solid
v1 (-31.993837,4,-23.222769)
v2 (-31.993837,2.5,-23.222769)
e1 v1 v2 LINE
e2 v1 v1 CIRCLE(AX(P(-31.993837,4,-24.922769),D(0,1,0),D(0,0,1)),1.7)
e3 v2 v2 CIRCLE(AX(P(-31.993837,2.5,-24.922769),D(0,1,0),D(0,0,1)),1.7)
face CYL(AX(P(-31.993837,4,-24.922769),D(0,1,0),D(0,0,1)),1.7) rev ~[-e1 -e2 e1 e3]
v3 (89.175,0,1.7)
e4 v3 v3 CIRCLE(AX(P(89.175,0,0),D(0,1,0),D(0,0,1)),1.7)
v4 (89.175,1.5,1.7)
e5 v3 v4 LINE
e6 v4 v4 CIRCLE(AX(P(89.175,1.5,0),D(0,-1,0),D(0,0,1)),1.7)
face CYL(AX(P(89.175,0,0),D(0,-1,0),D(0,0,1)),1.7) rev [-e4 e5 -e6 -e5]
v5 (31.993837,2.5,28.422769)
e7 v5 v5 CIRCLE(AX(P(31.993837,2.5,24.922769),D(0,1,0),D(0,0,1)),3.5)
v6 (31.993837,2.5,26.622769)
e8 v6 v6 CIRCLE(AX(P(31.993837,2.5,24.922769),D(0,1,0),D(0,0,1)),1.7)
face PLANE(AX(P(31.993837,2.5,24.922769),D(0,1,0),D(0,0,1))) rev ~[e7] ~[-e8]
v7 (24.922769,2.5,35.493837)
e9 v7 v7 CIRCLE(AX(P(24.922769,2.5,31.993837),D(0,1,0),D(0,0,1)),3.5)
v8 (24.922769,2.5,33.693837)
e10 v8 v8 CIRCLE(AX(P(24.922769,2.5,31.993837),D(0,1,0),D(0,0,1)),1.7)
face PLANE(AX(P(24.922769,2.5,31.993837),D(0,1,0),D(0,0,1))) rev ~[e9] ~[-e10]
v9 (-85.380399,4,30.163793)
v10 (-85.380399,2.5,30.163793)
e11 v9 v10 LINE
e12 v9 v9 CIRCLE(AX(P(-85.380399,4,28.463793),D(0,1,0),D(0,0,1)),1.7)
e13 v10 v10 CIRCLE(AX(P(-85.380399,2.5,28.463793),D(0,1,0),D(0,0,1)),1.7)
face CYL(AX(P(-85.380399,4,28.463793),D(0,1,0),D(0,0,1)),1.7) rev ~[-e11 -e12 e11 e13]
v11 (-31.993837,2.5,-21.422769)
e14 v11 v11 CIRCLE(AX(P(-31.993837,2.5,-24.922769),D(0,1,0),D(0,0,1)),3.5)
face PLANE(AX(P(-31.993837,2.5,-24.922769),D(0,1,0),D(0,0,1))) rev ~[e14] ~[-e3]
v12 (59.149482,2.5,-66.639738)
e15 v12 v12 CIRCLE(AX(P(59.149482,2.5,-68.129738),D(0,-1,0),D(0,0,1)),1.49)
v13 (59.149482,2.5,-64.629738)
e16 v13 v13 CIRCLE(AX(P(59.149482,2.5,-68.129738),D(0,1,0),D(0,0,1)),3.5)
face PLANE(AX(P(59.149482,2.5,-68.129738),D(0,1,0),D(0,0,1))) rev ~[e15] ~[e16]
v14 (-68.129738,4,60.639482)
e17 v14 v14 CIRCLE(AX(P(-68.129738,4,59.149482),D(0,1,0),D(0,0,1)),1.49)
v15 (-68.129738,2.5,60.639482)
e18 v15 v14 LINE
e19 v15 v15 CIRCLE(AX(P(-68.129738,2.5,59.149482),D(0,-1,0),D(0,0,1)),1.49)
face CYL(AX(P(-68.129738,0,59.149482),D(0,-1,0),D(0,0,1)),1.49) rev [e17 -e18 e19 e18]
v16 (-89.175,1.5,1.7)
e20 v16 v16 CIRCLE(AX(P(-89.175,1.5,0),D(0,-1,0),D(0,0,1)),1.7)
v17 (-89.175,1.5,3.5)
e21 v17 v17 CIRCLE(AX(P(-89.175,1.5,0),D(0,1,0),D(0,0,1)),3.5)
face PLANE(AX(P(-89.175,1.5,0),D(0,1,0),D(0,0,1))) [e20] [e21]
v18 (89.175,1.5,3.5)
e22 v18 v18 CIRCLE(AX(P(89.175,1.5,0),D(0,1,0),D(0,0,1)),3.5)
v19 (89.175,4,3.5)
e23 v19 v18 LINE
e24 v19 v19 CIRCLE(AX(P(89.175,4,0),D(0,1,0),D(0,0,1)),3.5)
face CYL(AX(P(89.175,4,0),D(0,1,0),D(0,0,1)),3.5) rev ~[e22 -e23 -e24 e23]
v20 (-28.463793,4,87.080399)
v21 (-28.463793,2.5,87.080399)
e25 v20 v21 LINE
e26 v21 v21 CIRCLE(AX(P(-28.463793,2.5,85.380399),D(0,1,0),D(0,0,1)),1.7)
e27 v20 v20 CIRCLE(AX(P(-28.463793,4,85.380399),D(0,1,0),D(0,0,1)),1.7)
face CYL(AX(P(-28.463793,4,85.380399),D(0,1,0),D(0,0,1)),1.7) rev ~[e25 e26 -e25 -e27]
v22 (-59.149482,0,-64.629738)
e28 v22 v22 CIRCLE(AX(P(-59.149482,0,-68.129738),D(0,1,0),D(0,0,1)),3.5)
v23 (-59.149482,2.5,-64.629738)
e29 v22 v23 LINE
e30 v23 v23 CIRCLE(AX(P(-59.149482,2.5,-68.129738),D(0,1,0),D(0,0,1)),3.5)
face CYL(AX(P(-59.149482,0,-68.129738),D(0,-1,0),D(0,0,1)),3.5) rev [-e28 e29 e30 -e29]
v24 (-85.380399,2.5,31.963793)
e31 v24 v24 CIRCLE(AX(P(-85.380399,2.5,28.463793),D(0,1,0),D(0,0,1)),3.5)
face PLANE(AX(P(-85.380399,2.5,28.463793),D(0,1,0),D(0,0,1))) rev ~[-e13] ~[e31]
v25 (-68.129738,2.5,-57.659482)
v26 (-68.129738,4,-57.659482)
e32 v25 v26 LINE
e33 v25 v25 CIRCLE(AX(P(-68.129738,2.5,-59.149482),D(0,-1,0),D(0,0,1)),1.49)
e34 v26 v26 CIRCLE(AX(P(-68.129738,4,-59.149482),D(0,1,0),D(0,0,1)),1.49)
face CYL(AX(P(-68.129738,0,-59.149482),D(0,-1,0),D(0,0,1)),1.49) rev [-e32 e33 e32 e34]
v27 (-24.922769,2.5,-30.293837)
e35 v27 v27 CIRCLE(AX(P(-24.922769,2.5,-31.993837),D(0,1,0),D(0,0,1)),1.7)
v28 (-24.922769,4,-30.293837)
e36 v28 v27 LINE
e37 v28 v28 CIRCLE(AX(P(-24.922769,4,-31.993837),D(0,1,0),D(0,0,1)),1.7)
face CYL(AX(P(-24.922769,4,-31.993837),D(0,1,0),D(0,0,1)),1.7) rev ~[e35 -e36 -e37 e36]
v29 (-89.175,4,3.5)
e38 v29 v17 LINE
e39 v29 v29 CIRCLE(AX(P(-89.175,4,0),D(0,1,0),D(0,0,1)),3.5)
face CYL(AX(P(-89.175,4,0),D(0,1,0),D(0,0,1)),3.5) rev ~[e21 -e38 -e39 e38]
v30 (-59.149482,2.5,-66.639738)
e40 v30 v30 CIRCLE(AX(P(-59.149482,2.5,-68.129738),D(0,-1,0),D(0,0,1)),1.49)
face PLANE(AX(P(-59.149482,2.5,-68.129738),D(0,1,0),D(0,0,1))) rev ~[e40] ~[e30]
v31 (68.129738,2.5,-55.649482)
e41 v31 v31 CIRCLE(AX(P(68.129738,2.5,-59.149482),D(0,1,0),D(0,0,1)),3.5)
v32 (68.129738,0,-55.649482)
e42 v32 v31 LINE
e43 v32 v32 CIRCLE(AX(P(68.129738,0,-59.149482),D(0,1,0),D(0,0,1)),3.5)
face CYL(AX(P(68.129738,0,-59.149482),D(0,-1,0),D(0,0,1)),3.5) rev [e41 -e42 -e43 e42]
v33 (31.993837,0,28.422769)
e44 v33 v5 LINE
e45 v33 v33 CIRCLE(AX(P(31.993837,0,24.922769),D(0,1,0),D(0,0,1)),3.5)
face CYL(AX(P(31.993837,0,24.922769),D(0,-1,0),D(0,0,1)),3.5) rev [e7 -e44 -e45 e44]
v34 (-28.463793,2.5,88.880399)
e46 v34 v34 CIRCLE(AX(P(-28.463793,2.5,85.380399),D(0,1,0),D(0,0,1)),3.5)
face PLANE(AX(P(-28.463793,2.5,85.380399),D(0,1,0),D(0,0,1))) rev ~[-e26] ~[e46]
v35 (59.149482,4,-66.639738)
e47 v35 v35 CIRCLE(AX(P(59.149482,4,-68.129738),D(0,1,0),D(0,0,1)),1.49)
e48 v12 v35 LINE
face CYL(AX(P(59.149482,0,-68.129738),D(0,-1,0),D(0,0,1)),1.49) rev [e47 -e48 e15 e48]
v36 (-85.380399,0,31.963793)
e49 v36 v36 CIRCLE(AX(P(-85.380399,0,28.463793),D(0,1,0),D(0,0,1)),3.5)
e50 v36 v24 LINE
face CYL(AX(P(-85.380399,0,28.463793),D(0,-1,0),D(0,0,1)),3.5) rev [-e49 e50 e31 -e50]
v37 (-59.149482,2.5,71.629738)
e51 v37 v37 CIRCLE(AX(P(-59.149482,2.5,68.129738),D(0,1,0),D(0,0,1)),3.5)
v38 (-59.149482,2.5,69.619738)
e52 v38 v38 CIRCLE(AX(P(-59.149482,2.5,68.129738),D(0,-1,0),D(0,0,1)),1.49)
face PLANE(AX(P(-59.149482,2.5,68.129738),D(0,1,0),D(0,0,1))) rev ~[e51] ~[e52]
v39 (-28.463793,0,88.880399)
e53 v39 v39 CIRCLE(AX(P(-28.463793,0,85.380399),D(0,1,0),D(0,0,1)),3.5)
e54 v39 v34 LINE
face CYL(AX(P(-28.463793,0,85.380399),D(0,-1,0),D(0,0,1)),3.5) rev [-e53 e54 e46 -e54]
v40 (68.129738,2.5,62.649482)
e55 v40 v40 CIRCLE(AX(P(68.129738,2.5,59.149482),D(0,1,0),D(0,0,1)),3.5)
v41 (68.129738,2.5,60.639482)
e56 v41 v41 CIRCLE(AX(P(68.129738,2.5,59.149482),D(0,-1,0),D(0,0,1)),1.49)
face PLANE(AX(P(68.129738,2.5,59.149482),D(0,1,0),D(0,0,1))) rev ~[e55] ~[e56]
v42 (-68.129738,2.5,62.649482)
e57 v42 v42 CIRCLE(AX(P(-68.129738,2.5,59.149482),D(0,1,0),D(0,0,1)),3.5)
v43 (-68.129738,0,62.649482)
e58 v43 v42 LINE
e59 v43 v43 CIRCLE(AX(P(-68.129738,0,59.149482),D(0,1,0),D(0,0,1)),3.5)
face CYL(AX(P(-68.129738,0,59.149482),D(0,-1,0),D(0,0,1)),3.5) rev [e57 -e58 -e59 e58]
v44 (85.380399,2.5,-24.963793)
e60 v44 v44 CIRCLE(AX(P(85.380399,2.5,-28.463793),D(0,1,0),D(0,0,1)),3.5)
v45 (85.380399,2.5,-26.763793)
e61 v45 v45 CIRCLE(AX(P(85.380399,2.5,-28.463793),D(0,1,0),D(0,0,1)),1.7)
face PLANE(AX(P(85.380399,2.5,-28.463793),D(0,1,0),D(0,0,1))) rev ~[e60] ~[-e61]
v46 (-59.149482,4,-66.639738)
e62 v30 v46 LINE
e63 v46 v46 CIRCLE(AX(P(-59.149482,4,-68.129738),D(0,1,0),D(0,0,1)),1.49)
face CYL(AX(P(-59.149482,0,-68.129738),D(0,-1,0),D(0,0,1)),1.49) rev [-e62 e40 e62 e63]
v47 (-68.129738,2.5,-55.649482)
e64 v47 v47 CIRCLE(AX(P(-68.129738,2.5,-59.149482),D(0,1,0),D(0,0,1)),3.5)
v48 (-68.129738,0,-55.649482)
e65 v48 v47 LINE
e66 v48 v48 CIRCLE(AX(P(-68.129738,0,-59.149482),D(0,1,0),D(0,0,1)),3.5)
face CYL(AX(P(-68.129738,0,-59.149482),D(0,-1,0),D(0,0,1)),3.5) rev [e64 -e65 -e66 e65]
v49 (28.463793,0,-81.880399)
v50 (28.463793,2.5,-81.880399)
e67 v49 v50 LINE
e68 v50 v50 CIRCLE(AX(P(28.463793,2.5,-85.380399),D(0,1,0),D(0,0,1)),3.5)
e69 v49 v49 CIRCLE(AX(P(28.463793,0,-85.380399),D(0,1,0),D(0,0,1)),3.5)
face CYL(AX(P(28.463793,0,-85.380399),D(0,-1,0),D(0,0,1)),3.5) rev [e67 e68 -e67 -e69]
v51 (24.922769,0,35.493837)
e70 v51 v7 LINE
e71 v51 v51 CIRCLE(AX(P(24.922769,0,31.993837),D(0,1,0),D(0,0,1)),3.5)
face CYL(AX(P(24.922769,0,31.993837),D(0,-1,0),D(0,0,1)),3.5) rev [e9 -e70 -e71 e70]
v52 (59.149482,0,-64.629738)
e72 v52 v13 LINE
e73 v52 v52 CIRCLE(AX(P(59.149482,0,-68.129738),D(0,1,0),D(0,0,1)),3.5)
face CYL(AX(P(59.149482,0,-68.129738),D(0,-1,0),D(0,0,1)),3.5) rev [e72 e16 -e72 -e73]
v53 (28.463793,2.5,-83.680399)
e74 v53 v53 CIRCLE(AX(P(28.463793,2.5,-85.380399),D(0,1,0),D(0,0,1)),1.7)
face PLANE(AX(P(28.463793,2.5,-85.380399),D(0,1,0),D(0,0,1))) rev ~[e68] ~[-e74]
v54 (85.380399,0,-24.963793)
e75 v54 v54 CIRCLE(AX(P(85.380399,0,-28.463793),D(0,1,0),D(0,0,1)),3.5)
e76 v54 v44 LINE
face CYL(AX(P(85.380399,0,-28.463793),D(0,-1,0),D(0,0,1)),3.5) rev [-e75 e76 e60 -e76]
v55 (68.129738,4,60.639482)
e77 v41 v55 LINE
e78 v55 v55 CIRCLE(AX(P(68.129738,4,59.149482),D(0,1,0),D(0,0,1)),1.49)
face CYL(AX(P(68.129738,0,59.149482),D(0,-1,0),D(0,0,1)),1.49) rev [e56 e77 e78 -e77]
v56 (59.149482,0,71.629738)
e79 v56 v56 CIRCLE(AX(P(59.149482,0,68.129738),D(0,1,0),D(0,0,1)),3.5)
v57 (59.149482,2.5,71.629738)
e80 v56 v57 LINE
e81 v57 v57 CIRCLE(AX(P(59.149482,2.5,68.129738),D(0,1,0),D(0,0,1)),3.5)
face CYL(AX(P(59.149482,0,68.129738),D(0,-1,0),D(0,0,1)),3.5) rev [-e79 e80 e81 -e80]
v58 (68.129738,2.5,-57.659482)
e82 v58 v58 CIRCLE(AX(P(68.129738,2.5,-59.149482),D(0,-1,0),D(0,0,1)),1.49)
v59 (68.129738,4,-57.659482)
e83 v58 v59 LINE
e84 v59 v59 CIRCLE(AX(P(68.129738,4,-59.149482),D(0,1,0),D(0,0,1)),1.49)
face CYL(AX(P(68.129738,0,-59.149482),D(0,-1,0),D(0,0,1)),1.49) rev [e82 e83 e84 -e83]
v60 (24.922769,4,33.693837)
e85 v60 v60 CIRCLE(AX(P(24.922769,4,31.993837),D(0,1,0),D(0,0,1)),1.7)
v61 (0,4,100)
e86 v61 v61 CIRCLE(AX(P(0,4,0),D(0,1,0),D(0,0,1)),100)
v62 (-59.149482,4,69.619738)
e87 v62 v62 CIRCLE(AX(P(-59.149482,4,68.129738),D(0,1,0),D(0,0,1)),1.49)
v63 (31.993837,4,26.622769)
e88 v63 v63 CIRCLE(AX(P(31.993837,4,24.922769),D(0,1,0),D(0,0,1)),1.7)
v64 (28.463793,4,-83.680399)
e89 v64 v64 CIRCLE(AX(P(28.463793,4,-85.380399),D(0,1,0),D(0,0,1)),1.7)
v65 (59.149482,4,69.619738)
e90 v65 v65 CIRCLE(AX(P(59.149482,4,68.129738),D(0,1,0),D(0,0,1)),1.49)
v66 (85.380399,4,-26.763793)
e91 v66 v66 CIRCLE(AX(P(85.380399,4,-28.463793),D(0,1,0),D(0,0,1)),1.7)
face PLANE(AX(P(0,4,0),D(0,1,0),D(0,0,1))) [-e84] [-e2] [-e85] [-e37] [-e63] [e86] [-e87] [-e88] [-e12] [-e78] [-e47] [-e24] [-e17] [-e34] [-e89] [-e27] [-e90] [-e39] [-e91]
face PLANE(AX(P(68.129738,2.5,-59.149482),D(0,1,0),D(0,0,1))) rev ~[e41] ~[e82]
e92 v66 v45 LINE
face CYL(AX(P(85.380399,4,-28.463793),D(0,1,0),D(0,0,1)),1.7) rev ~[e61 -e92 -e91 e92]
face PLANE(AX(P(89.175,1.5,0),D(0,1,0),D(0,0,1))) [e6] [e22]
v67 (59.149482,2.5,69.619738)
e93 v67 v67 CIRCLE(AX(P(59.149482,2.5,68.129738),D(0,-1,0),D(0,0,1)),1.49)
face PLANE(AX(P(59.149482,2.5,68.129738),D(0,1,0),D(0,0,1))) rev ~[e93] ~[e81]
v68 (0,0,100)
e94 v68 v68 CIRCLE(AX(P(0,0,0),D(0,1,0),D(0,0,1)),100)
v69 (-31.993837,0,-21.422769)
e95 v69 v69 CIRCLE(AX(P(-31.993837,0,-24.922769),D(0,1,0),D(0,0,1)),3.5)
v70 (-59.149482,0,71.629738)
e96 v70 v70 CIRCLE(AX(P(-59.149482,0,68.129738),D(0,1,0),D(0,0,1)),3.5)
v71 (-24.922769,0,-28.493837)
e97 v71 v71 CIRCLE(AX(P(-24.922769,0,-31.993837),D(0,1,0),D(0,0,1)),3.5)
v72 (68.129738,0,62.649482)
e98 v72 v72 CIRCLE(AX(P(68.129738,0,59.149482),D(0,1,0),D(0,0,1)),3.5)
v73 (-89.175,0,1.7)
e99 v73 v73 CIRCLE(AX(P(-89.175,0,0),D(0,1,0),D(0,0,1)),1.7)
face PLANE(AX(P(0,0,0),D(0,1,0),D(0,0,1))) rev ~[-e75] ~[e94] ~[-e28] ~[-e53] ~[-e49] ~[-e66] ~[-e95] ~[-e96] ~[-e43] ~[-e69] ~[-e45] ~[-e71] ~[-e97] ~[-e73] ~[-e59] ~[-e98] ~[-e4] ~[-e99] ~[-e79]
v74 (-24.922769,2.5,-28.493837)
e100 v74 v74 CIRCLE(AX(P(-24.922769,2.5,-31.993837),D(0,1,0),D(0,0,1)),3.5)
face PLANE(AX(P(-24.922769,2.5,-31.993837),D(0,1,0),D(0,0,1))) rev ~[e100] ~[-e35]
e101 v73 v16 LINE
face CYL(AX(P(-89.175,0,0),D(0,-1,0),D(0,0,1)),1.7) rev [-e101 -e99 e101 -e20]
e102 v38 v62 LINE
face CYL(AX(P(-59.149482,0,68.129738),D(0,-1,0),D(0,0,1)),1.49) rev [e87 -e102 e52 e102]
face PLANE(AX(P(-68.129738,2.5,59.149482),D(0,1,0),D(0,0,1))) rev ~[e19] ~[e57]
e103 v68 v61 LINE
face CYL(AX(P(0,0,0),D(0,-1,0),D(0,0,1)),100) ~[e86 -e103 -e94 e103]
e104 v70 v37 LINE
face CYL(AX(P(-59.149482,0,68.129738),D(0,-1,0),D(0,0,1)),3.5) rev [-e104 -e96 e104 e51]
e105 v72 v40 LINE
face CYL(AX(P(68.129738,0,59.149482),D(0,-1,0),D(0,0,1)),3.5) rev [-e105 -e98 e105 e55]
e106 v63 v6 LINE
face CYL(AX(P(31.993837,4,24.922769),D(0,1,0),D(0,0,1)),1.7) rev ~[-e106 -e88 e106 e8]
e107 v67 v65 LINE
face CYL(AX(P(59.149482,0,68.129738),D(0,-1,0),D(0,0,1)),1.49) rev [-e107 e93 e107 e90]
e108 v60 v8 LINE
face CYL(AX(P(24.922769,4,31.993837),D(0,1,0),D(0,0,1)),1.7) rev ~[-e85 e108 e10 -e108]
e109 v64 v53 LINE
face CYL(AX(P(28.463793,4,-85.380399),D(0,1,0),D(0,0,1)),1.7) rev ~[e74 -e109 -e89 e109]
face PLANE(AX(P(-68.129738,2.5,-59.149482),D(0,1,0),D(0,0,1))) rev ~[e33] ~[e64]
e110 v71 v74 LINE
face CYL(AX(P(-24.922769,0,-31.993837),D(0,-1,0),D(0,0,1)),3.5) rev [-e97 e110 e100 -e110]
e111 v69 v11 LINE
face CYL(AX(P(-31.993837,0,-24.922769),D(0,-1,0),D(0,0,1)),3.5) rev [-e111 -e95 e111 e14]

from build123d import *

# Parameters (mm, degrees)
SKETCH2_R           = 100
SKETCH2_R_2         = 1.49
SKETCH2_R_3         = 1.7
BOSS_EXTRUDE1_DEPTH = 4
SKETCH3_R           = 1.7
CUT_EXTRUDE1_DEPTH  = 10
CUT_EXTRUDE2_START  = -4
SKETCH4_R           = 3.5
CUT_EXTRUDE2_DEPTH  = 2.5
SKETCH5_R           = 3.5
CUT_EXTRUDE3_DEPTH  = 2.5


with BuildPart() as part:
    # Sketch2 → Boss-Extrude1 (new body)
    with BuildSketch(Plane(origin=(0, 0, 0), x_dir=(1, 0, 0), z_dir=(0, 1, 0))):
        with Locations(Location((0, 0, 0), (0, 0, 270))):
            Circle(SKETCH2_R)
        with Locations(Location((59.149482246, -68.129738367, 0), (0, 0, 270))):
            Circle(SKETCH2_R_2, mode=Mode.SUBTRACT)
        with Locations(Location((68.129738367, -59.149482246, 0), (0, 0, 270))):
            Circle(SKETCH2_R_2, mode=Mode.SUBTRACT)
        with Locations(Location((-59.149482246, 68.129738367, 0), (0, 0, 270))):
            Circle(SKETCH2_R_2, mode=Mode.SUBTRACT)
        with Locations(Location((-68.129738367, 59.149482246, 0), (0, 0, 270))):
            Circle(SKETCH2_R_2, mode=Mode.SUBTRACT)
        with Locations(Location((-59.149482246, -68.129738367, 0), (0, 0, 270))):
            Circle(SKETCH2_R_2, mode=Mode.SUBTRACT)
        with Locations(Location((-68.129738367, -59.149482246, 0), (0, 0, 270))):
            Circle(SKETCH2_R_2, mode=Mode.SUBTRACT)
        with Locations(Location((68.129738367, 59.149482246, 0), (0, 0, 270))):
            Circle(SKETCH2_R_2, mode=Mode.SUBTRACT)
        with Locations(Location((59.149482246, 68.129738367, 0), (0, 0, 270))):
            Circle(SKETCH2_R_2, mode=Mode.SUBTRACT)
        with Locations(Location((-89.175, 0, 0), (0, 0, 270))):
            Circle(SKETCH2_R_3, mode=Mode.SUBTRACT)
        with Locations(Location((89.175, 0, 0), (0, 0, 270))):
            Circle(SKETCH2_R_3, mode=Mode.SUBTRACT)
    extrude(amount=BOSS_EXTRUDE1_DEPTH)

    # Sketch3 → Cut-Extrude1 (cut)
    with BuildSketch(Plane(origin=(0, 4, 0), x_dir=(1, 0, 0), z_dir=(0, 1, 0))):
        with Locations(Location((-31.993836737, 24.922768925, 0), (0, 0, 270))):
            Circle(SKETCH3_R)
        with Locations(Location((-85.380398716, -28.463793055, 0), (0, 0, 270))):
            Circle(SKETCH3_R)
        with Locations(Location((28.463793055, 85.380398716, 0), (0, 0, 270))):
            Circle(SKETCH3_R)
        with Locations(Location((-24.922768925, 31.993836737, 0), (0, 0, 270))):
            Circle(SKETCH3_R)
        with Locations(Location((31.993836737, -24.922768925, 0), (0, 0, 270))):
            Circle(SKETCH3_R)
        with Locations(Location((85.380398716, 28.463793055, 0), (0, 0, 270))):
            Circle(SKETCH3_R)
        with Locations(Location((24.922768925, -31.993836737, 0), (0, 0, 270))):
            Circle(SKETCH3_R)
        with Locations(Location((-28.463793055, -85.380398716, 0), (0, 0, 270))):
            Circle(SKETCH3_R)
    extrude(amount=-CUT_EXTRUDE1_DEPTH, mode=Mode.SUBTRACT)

    # Sketch4 → Cut-Extrude2 (cut)
    with BuildSketch(Plane(origin=(0, 4, 0), x_dir=(1, 0, 0), z_dir=(0, 1, 0)).offset(CUT_EXTRUDE2_START)):
        with Locations(Location((-85.380398716, -28.463793055, 0), (0, 0, 270))):
            Circle(SKETCH4_R)
        with Locations(Location((-68.129738367, -59.149482246, 0), (0, 0, 270))):
            Circle(SKETCH4_R)
        with Locations(Location((-59.149482246, -68.129738367, 0), (0, 0, 270))):
            Circle(SKETCH4_R)
        with Locations(Location((-28.463793055, -85.380398716, 0), (0, 0, 270))):
            Circle(SKETCH4_R)
        with Locations(Location((59.149482246, -68.129738367, 0), (0, 0, 270))):
            Circle(SKETCH4_R)
        with Locations(Location((68.129738367, -59.149482246, 0), (0, 0, 270))):
            Circle(SKETCH4_R)
        with Locations(Location((85.380398716, 28.463793055, 0), (0, 0, 270))):
            Circle(SKETCH4_R)
        with Locations(Location((68.129738367, 59.149482246, 0), (0, 0, 270))):
            Circle(SKETCH4_R)
        with Locations(Location((59.149482246, 68.129738367, 0), (0, 0, 270))):
            Circle(SKETCH4_R)
        with Locations(Location((28.463793055, 85.380398716, 0), (0, 0, 270))):
            Circle(SKETCH4_R)
        with Locations(Location((-59.149482246, 68.129738367, 0), (0, 0, 270))):
            Circle(SKETCH4_R)
        with Locations(Location((-68.129738367, 59.149482246, 0), (0, 0, 270))):
            Circle(SKETCH4_R)
        with Locations(Location((-24.922768925, 31.993836737, 0), (0, 0, 270))):
            Circle(SKETCH4_R)
        with Locations(Location((-31.993836737, 24.922768925, 0), (0, 0, 270))):
            Circle(SKETCH4_R)
        with Locations(Location((31.993836737, -24.922768925, 0), (0, 0, 270))):
            Circle(SKETCH4_R)
        with Locations(Location((24.922768925, -31.993836737, 0), (0, 0, 270))):
            Circle(SKETCH4_R)
    extrude(amount=CUT_EXTRUDE2_DEPTH, mode=Mode.SUBTRACT)

    # Sketch5 → Cut-Extrude3 (cut)
    with BuildSketch(Plane(origin=(0, 4, 0), x_dir=(1, 0, 0), z_dir=(0, 1, 0))):
        with Locations(Location((-89.175, 0, 0), (0, 0, 270))):
            Circle(SKETCH5_R)
        with Locations(Location((89.175, 0, 0), (0, 0, 270))):
            Circle(SKETCH5_R)
    extrude(amount=-CUT_EXTRUDE3_DEPTH, mode=Mode.SUBTRACT)


solid = part.part
